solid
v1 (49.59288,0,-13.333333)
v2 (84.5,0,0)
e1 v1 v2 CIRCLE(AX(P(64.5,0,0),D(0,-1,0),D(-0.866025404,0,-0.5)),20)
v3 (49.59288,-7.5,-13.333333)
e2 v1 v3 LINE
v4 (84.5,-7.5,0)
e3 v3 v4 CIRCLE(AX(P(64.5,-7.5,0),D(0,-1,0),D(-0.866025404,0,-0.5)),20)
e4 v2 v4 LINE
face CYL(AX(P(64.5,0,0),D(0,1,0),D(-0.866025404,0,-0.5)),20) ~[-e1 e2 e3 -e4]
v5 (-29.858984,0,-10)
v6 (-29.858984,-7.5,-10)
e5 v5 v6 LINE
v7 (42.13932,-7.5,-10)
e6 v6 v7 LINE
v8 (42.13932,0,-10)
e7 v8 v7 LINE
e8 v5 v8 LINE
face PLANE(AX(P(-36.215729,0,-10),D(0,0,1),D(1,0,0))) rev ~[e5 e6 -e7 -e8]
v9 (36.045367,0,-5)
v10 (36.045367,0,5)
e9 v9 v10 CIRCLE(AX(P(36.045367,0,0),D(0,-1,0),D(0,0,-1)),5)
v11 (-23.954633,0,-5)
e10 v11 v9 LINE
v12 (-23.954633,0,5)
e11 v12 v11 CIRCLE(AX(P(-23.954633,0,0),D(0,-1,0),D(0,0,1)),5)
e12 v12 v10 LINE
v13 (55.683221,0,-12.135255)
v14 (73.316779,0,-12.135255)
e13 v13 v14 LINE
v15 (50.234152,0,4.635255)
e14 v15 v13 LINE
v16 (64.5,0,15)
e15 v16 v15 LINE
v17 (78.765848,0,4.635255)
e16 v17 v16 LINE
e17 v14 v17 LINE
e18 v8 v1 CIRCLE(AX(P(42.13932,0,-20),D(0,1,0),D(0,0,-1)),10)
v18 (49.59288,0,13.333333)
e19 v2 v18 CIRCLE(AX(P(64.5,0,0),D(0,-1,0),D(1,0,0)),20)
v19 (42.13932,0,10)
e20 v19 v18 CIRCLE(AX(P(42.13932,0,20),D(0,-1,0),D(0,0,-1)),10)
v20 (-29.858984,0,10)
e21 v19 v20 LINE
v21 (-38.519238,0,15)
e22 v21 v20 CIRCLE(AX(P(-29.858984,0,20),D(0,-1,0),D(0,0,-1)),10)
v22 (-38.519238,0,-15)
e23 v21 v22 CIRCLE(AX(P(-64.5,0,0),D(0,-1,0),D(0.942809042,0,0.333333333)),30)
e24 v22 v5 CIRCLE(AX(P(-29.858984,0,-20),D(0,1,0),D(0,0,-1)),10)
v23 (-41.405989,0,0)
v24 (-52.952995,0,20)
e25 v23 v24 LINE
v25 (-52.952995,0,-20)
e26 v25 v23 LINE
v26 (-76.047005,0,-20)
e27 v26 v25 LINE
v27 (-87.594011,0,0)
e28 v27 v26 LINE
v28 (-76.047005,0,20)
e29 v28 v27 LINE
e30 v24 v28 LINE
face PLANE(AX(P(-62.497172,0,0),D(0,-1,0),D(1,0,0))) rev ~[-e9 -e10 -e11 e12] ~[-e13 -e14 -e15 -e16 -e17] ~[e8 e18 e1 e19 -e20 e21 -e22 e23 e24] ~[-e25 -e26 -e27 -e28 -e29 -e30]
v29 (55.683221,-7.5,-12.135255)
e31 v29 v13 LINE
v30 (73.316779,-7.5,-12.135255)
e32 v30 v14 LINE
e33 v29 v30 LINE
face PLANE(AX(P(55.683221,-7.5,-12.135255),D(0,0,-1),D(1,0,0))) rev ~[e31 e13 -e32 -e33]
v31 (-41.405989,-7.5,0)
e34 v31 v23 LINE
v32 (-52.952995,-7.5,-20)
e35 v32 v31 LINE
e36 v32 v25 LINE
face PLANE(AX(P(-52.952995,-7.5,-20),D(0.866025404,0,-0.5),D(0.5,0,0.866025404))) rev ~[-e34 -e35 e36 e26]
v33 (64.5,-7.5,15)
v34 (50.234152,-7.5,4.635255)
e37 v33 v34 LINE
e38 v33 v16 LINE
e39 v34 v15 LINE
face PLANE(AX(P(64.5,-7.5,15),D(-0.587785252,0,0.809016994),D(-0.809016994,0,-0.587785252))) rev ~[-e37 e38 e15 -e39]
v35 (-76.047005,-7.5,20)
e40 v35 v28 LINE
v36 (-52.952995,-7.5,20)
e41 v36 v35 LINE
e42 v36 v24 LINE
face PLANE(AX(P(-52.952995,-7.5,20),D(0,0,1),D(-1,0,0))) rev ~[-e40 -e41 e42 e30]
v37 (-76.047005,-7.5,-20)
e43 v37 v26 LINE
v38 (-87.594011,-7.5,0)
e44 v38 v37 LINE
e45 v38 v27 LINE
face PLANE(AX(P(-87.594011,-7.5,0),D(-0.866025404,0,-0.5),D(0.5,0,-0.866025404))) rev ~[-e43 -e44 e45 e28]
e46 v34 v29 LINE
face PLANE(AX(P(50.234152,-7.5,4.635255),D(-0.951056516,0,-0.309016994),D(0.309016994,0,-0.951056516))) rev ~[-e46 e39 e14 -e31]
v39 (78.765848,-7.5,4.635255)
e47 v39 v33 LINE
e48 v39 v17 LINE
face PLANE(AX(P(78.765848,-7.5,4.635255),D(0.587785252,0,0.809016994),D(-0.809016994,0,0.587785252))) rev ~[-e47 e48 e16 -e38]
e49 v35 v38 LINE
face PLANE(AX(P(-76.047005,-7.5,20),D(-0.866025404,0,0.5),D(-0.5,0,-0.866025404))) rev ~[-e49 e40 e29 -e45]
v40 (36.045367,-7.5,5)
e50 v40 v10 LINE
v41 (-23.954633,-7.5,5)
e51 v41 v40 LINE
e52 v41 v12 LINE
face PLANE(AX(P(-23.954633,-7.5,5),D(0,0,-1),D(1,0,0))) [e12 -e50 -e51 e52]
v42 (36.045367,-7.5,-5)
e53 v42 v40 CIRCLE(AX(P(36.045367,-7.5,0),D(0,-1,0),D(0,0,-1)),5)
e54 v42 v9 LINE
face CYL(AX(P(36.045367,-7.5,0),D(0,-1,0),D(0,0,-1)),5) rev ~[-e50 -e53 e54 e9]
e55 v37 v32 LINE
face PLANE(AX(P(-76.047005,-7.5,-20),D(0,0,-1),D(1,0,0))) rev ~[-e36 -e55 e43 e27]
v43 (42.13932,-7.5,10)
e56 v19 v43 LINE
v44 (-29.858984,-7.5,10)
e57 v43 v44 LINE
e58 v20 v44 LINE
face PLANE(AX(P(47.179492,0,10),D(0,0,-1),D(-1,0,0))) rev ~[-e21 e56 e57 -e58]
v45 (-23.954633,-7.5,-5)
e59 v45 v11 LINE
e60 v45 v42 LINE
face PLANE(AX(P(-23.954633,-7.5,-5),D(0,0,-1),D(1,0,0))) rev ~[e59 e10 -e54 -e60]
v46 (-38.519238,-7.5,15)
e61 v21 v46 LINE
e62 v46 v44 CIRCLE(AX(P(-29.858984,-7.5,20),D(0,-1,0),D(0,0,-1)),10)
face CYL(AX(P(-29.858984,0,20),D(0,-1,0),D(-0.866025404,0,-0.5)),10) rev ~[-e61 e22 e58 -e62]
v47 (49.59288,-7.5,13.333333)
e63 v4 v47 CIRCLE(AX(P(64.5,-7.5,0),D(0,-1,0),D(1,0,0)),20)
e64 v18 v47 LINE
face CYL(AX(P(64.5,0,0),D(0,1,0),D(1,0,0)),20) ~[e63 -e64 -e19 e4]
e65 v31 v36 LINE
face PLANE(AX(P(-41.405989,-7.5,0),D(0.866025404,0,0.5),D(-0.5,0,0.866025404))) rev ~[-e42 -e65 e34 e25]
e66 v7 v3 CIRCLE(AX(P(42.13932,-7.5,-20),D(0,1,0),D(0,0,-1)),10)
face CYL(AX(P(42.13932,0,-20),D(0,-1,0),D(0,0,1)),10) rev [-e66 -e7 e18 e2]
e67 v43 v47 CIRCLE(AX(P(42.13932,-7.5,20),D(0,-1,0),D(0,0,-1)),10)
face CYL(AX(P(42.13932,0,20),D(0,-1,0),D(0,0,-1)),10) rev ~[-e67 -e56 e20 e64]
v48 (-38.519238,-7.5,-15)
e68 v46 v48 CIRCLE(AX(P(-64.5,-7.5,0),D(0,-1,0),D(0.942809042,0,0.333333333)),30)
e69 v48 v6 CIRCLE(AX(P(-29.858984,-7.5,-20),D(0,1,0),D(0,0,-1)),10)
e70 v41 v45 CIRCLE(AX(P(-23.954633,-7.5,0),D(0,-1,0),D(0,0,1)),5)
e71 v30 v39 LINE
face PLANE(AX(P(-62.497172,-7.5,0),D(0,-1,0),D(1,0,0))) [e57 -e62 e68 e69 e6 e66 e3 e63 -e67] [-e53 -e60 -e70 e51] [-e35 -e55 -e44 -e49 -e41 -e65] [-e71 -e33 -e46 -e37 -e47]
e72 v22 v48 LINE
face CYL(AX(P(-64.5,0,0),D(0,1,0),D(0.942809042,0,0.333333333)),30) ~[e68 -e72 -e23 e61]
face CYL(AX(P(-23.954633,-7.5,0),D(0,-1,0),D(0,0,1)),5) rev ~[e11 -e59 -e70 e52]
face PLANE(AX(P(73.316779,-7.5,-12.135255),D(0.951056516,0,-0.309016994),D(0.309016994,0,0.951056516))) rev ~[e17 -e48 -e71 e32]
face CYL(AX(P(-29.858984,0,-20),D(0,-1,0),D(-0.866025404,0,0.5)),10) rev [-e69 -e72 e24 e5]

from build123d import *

# Parameters (mm, degrees)
F1_DEPTH = 7.5
F3_DEPTH = 25
F5_DEPTH = 25
F6_W     = 60
F6_H     = 10
F7_DEPTH = 25
F8_R     = 10


with BuildPart() as f1:
    # F0 (on Front) → F1 (new body)
    with BuildSketch(Plane.XZ):
        with BuildLine():
            Line((-64.5, -10), (-64.5, 10))
            Line((-64.5, 10), (-36.2157287525, 10))
            ThreePointArc((-36.2157287525, 10), (-94.5, 0), (-36.2157287525, -10))
            Line((-36.2157287525, -10), (-64.5, -10))
        make_face()
        with BuildLine():
            Line((-36.2157287525, 10), (-64.5, 10))
            Line((-64.5, 10), (-64.5, -10))
            Line((-64.5, -10), (-36.2157287525, -10))
            ThreePointArc((-36.2157287525, -10), (-34.9320432104, -5.0730593618), (-34.5, 0))
            ThreePointArc((-34.5, 0), (-34.9320432104, 5.0730593618), (-36.2157287525, 10))
        make_face()
        with BuildLine():
            Line((47.1794919243, 10), (-36.2157287525, 10))
            ThreePointArc((-36.2157287525, 10), (-34.9320432104, 5.0730593618), (-34.5, 0))
            ThreePointArc((-34.5, 0), (-34.9320432104, -5.0730593618), (-36.2157287525, -10))
            Line((-36.2157287525, -10), (47.1794919243, -10))
            ThreePointArc((47.1794919243, -10), (44.5, 0), (47.1794919243, 10))
        make_face()
        with BuildLine():
            ThreePointArc((84.5, 0), (69.6763809021, 19.3185165258), (47.1794919243, 10))
            Line((47.1794919243, 10), (64.5, 10))
            Line((64.5, 10), (64.5, -10))
            Line((64.5, -10), (47.1794919243, -10))
            ThreePointArc((47.1794919243, -10), (69.6763809021, -19.3185165258), (84.5, 0))
        make_face()
        with BuildLine():
            Line((64.5, 10), (47.1794919243, 10))
            ThreePointArc((47.1794919243, 10), (44.5, 0), (47.1794919243, -10))
            Line((47.1794919243, -10), (64.5, -10))
            Line((64.5, -10), (64.5, 10))
        make_face()
    extrude(amount=F1_DEPTH)

    # F2 (on face) → F3 (cut)
    with BuildSketch(Plane.XZ.offset(7.5)):
        Polygon((-52.9529946162, 20), (-76.0470053838, 20), (-87.5940107676, 0), (-76.0470053838, -20), (-52.9529946162, -20), (-41.4059892324, 0), align=None)
    extrude(amount=-F3_DEPTH, mode=Mode.SUBTRACT)

    # F4 (on face) → F5 (cut)
    with BuildSketch(Plane.XZ.offset(7.5)):
        Polygon((73.3167787844, -12.1352549156), (78.7658477444, 4.6352549156), (64.5, 15), (50.2341522556, 4.6352549156), (55.6832212156, -12.1352549156), align=None)
    extrude(amount=-F5_DEPTH, mode=Mode.SUBTRACT)

    # F6 (on face) → F7 (cut)
    with BuildSketch(Plane.XZ.offset(7.5)):
        with Locations((6.0453672857, 0)):
            Rectangle(F6_W, F6_H)
        with BuildLine():
            ThreePointArc((-23.9546327143, 5), (-28.9546327143, 0), (-23.9546327143, -5))
            Line((-23.9546327143, -5), (-23.9546327143, 5))
        make_face()
        with BuildLine():
            Line((36.0453672857, 5), (36.0453672857, -5))
            ThreePointArc((36.0453672857, -5), (41.0453672857, 0), (36.0453672857, 5))
        make_face()
    extrude(amount=-F7_DEPTH, mode=Mode.SUBTRACT)

    # F8
    f8_edges = [f1.edges().sort_by_distance(p)[0] for p in [
        (-36.215729, -3.75, -10),
        (47.179492, -3.75, 10),
        (47.179492, -3.75, -10),
        (-36.215729, -3.75, 10),
    ]]
    fillet(f8_edges, radius=F8_R)


solid = f1.part
